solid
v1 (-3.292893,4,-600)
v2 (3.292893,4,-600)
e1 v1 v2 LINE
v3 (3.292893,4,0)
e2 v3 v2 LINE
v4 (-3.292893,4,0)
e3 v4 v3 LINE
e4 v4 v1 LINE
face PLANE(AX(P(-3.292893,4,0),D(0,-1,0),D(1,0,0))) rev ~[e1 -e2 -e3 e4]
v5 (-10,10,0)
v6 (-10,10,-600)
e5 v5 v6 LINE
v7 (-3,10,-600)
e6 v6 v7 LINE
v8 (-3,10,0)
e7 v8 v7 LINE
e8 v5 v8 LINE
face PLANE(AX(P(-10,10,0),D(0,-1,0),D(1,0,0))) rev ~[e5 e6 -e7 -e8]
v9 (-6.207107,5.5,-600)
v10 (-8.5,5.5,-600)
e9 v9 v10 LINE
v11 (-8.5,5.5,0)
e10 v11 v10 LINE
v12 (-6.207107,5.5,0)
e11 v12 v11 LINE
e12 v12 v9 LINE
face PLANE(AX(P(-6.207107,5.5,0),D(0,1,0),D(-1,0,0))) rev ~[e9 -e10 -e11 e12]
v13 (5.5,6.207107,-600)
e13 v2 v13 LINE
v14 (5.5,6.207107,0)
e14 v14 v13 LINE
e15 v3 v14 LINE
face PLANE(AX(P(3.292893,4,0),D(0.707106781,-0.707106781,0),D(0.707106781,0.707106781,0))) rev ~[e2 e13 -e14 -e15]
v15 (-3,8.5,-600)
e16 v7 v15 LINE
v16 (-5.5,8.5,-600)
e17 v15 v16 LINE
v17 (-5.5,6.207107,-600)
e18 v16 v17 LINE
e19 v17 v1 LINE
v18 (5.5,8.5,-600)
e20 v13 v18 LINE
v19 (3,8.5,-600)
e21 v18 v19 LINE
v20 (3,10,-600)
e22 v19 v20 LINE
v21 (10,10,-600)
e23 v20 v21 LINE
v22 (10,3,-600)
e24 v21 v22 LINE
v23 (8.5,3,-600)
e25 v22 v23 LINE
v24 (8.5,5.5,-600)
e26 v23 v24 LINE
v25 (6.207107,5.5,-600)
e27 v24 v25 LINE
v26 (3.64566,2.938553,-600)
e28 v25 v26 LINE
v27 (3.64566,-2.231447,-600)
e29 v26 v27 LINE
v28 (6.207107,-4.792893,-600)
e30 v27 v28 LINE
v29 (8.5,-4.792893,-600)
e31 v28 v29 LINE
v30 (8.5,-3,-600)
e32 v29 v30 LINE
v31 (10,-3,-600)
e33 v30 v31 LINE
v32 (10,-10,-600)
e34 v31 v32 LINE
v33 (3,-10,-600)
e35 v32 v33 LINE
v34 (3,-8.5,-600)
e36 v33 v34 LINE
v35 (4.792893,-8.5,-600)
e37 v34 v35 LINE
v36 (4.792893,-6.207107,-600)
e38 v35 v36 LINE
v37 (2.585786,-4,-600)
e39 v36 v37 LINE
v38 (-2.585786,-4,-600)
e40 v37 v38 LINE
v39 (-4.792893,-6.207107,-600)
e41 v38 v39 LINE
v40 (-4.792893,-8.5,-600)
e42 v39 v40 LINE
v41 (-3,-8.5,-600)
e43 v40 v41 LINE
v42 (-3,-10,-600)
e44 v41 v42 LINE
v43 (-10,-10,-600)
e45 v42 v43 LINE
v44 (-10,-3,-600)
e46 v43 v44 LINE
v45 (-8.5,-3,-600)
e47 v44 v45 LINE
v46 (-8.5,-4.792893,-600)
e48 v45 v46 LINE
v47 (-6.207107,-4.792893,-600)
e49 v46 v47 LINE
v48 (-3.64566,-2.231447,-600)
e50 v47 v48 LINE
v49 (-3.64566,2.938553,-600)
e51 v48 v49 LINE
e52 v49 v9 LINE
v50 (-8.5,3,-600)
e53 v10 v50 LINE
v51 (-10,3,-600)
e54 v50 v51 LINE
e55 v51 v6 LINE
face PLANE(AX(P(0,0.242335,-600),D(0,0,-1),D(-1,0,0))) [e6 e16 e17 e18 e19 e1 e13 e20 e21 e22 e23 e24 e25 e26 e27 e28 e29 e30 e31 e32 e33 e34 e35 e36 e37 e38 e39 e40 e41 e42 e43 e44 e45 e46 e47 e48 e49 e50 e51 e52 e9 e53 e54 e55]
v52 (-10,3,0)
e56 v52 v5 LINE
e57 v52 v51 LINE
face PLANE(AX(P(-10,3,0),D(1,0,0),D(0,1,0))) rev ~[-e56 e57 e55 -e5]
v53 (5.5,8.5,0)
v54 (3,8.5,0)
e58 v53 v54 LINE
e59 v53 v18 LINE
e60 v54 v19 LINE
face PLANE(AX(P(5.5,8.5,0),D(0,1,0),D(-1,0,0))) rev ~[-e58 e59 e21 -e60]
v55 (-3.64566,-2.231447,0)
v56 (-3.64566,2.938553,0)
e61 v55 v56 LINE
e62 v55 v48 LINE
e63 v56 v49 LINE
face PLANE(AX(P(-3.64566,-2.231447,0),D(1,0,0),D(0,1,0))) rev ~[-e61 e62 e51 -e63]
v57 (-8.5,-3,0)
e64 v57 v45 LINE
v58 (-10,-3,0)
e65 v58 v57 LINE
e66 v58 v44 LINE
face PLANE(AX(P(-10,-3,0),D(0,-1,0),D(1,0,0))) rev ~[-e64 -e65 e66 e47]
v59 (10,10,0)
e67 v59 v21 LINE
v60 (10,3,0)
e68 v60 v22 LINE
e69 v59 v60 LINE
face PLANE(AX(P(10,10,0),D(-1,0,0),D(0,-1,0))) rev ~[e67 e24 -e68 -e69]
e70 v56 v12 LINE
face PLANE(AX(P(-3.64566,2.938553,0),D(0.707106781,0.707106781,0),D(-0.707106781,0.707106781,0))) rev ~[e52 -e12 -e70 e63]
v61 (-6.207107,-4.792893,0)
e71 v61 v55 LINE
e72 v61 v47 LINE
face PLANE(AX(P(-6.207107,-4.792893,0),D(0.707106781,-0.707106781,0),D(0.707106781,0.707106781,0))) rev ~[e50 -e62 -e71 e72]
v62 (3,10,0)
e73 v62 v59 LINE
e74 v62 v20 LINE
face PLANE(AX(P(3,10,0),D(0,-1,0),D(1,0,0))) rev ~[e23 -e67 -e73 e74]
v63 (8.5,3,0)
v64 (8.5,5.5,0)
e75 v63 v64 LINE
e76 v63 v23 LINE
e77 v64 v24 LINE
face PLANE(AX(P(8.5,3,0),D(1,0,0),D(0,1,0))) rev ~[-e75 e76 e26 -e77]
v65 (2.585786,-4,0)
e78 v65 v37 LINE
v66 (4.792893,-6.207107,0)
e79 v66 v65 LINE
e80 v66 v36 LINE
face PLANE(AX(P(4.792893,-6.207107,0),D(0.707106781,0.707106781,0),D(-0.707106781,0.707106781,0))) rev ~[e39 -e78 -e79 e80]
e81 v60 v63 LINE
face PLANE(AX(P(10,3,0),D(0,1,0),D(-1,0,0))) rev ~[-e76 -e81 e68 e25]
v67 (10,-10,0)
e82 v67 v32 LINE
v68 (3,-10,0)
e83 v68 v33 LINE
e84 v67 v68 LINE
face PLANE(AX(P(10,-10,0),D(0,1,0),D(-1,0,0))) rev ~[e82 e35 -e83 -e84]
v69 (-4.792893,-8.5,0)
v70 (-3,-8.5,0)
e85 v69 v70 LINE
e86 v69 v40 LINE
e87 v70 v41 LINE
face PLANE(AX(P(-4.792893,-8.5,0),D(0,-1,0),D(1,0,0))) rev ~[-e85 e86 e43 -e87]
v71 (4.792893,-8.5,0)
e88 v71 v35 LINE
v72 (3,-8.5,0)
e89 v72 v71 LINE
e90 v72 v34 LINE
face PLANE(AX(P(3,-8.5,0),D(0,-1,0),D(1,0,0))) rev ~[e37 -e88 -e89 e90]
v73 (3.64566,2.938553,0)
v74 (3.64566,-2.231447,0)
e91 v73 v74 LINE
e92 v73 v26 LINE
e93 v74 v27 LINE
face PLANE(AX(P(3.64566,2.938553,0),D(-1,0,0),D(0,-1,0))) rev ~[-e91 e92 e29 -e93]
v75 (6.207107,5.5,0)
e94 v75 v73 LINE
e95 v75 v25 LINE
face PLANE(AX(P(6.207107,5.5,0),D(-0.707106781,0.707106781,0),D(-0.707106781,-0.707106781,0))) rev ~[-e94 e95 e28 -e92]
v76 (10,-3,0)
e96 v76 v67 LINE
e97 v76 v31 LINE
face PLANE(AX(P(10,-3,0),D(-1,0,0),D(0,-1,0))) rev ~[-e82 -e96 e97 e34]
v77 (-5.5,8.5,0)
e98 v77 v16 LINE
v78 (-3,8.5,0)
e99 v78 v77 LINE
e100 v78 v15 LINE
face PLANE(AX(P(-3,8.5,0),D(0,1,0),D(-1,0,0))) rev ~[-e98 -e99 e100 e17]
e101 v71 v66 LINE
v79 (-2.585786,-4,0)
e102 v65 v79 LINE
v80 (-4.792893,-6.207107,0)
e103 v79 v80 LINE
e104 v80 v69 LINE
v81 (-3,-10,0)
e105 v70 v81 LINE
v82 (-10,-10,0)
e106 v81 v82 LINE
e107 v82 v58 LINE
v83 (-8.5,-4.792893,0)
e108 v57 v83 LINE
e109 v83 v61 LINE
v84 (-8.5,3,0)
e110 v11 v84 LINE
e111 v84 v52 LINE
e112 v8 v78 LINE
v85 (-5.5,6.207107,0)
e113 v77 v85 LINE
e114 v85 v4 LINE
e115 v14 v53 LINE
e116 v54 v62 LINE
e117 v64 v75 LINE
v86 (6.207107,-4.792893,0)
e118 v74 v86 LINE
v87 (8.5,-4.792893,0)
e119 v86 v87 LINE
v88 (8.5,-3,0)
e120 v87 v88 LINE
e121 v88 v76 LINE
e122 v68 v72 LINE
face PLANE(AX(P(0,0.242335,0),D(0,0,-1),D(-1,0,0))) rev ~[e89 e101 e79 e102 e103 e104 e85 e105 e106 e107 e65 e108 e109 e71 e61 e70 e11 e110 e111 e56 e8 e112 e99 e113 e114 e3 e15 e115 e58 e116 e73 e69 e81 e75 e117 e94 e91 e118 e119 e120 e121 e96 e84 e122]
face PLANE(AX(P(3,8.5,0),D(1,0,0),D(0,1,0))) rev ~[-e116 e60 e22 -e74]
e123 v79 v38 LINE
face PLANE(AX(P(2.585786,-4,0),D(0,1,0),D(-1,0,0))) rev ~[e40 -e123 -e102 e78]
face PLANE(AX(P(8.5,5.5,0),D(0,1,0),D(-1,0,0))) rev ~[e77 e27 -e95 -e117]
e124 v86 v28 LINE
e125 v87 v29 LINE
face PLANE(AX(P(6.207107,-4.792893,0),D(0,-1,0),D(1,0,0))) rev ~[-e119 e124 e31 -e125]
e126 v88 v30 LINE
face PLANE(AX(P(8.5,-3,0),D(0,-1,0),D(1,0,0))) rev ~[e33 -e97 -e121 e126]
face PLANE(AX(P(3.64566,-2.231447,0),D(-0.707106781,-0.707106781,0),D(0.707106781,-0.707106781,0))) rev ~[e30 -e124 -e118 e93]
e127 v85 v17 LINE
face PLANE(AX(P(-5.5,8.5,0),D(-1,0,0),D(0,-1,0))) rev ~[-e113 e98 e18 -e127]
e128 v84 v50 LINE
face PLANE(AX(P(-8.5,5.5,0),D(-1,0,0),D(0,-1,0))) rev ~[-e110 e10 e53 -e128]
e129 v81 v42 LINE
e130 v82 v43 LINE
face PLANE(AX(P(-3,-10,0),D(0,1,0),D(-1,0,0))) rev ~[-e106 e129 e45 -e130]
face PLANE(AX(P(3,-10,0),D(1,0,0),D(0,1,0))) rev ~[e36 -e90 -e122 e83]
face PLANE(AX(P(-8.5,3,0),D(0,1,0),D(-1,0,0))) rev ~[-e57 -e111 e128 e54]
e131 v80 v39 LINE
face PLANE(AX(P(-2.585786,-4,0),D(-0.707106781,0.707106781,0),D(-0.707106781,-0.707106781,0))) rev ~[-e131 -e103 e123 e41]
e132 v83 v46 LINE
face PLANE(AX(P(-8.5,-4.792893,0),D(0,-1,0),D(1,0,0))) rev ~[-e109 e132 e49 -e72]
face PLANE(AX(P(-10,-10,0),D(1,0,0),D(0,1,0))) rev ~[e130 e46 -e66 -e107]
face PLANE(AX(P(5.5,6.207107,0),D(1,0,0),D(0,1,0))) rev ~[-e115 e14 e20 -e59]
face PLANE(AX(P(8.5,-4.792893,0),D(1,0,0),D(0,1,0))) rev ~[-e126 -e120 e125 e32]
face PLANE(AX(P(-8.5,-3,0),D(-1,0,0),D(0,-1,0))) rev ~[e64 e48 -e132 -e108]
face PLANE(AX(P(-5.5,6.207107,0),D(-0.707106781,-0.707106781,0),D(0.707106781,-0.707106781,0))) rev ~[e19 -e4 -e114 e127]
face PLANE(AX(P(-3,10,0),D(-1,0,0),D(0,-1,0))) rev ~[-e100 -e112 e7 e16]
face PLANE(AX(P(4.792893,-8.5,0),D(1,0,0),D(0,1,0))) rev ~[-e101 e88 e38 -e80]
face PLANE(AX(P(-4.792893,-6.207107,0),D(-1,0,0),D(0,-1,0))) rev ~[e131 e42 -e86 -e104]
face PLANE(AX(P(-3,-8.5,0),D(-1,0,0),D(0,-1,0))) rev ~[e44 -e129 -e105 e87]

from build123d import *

# Parameters (mm, degrees)
BOSS_EXTRUDE1_DEPTH = 600


with BuildPart() as part:
    # Sketch1 → Boss-Extrude1 (new body)
    with BuildSketch(Plane.XY):
        Polygon((-10, 3), (-10, 10), (-3, 10), (-3, 8.5), (-5.5, 8.5), (-5.5, 6.207106781), (-3.292893219, 4), (3.292893219, 4), (5.5, 6.207106781), (5.5, 8.5), (3, 8.5), (3, 10), (10, 10), (10, 3), (8.5, 3), (8.5, 5.5), (6.207106781, 5.5), (3.645660172, 2.938553391), (3.645660172, -2.231446609), (6.207106781, -4.792893219), (8.5, -4.792893219), (8.5, -3), (10, -3), (10, -10), (3, -10), (3, -8.5), (4.792893219, -8.5), (4.792893219, -6.207106781), (2.585786438, -4), (-2.585786438, -4), (-4.792893219, -6.207106781), (-4.792893219, -8.5), (-3, -8.5), (-3, -10), (-10, -10), (-10, -3), (-8.5, -3), (-8.5, -4.792893219), (-6.207106781, -4.792893219), (-3.645660172, -2.231446609), (-3.645660172, 2.938553391), (-6.207106781, 5.5), (-8.5, 5.5), (-8.5, 3), align=None)
    extrude(amount=-BOSS_EXTRUDE1_DEPTH)


solid = part.part
